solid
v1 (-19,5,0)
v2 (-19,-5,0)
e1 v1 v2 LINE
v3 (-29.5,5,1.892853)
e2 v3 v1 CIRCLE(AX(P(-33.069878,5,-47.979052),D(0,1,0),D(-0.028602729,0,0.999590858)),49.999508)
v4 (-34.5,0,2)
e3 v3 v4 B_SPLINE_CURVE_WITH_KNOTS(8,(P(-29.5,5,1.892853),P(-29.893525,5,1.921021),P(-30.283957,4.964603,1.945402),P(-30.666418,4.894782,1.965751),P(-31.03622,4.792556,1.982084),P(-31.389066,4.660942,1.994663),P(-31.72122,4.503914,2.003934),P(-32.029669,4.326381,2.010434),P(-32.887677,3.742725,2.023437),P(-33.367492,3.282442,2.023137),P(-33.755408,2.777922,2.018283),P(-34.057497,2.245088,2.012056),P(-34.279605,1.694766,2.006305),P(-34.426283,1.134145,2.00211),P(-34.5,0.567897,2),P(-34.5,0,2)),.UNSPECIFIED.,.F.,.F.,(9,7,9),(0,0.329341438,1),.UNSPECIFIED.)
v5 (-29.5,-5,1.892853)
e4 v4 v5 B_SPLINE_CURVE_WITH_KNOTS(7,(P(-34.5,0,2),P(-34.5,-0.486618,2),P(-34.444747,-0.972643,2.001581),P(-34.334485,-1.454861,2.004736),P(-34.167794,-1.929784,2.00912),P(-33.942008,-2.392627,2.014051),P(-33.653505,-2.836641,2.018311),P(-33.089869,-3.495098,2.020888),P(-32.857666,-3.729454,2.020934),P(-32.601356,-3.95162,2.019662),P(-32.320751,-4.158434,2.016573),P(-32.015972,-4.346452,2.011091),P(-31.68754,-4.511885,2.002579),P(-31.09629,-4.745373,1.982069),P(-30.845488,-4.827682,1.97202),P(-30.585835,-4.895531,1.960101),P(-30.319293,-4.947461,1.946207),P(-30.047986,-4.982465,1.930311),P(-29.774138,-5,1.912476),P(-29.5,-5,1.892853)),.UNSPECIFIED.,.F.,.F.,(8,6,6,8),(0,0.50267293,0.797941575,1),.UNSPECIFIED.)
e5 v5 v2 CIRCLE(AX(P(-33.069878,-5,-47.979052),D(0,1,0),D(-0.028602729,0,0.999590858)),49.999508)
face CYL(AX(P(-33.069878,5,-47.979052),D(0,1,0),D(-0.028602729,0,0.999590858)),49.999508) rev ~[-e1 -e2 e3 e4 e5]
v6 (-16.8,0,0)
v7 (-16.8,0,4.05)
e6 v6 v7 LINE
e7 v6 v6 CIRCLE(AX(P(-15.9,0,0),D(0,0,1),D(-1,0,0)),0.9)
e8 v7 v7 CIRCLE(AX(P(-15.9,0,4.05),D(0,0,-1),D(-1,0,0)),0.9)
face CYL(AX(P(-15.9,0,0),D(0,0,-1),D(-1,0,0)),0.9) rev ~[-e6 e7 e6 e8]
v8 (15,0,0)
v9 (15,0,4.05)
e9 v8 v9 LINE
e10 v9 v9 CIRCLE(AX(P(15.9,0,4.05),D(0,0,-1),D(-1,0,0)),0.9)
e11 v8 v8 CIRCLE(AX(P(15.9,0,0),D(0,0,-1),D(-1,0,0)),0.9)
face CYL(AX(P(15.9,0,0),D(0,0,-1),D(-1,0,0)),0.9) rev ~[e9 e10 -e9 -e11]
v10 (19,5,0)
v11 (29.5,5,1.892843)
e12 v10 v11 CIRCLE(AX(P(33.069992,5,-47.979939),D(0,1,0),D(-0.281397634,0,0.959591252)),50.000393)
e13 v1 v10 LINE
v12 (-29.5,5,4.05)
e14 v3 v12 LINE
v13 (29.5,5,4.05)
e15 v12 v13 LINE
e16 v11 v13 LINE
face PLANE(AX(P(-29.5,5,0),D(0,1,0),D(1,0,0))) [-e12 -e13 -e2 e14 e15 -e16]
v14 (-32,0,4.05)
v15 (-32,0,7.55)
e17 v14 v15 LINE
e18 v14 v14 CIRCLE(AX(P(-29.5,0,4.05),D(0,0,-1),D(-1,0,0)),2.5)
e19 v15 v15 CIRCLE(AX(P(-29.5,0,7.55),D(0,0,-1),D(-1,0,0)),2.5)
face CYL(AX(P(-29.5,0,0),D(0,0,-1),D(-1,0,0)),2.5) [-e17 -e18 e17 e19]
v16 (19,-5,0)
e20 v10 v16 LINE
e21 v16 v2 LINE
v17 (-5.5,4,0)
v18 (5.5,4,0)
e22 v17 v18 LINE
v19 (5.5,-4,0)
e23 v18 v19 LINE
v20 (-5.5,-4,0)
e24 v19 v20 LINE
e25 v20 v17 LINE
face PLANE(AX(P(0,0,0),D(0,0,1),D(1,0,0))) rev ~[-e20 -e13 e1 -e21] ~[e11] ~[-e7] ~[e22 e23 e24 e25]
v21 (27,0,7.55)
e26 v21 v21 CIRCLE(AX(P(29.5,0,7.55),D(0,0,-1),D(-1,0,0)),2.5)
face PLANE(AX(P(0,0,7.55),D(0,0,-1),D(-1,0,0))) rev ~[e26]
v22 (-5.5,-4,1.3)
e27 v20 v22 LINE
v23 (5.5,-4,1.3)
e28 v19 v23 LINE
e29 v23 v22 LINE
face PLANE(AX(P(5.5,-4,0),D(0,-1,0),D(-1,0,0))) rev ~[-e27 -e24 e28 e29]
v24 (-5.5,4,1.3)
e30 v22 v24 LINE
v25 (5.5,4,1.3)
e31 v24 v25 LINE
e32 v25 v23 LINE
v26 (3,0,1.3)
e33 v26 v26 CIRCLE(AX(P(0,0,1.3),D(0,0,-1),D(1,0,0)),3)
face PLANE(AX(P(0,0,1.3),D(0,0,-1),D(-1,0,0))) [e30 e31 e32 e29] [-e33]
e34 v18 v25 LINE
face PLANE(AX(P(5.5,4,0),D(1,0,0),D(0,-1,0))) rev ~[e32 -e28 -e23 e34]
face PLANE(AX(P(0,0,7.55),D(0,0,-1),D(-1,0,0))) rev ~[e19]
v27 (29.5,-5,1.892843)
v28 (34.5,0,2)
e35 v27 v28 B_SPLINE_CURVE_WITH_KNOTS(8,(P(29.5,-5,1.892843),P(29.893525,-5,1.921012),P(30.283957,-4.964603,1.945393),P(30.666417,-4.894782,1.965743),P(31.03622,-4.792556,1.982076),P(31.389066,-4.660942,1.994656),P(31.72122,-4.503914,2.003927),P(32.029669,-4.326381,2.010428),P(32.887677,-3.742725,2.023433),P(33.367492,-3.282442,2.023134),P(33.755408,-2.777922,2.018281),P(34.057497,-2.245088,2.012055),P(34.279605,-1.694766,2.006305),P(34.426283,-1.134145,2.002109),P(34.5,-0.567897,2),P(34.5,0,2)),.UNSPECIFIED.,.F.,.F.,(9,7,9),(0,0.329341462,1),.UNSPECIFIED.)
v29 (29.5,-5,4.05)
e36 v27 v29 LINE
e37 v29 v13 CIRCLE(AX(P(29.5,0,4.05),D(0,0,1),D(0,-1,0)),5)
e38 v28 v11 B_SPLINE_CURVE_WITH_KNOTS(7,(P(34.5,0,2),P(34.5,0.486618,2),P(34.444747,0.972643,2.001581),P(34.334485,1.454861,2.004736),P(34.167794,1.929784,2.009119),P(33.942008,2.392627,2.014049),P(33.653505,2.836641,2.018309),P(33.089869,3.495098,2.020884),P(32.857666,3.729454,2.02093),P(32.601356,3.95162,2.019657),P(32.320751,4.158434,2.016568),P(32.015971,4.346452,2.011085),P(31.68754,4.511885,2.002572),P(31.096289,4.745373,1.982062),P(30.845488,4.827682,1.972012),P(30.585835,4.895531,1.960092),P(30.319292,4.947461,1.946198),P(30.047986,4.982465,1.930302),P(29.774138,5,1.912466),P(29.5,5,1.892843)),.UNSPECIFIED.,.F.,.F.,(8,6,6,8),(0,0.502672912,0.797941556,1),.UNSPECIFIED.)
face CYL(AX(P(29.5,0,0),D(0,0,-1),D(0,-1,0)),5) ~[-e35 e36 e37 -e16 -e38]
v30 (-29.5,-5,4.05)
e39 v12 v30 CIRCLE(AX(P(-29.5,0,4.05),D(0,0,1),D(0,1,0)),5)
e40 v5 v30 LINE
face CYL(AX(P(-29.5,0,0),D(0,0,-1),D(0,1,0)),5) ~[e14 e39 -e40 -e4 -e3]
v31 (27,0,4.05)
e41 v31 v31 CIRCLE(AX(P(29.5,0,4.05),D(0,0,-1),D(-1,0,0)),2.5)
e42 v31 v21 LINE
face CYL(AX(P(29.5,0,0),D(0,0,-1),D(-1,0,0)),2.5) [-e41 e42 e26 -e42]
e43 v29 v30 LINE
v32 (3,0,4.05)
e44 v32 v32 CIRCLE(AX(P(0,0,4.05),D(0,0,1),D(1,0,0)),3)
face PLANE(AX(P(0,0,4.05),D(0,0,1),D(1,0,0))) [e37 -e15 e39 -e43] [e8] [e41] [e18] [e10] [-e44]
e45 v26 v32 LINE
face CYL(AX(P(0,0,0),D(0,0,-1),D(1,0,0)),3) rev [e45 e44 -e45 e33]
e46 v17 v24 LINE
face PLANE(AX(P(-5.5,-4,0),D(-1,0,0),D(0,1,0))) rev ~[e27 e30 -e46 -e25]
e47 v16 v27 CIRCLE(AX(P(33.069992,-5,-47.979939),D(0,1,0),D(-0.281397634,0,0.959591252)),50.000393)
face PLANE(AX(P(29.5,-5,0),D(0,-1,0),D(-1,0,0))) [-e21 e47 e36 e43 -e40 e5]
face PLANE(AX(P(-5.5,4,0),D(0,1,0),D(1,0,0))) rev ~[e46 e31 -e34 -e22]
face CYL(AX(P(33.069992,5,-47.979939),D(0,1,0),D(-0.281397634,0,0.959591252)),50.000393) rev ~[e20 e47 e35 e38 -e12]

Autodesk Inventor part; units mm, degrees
ref_plane "YZ Plane" through (0, 0, 0) normal (1, 0, 0) x (0, 1, 0)
ref_plane "XZ Plane" through (0, 0, 0) normal (0, 1, 0) x (-1, 0, 0)
ref_plane "XY Plane" through (0, 0, 0) normal (0, 0, 1) x (1, 0, 0)
sketch "Sketch1" plane through (0, 0, 0) normal (0, 0, 1) x (1, 0, 0)
  circle A0 centre (0, 0) radius 3
  circle A1 centre (0, 0) radius 5 construction
  circle A2 centre (-29.5, 0) radius 2.5
  circle A3 centre (29.5, 0) radius 2.5
  line L0 (-29.5, 0) -> (29.5, 0) construction
  arc A4 (-29.5, 5) -> (-29.5, -5) centre (-29.5, 0) ccw
  arc A5 (29.5, -5) -> (29.5, 5) centre (29.5, 0) ccw
  line L1 (-29.5, 5) -> (29.5, 5)
  line L2 (29.5, -5) -> (-29.5, -5)
  dimension "d0" = 6
  dimension "d1" = 10
  dimension "d2" = 5
  dimension "d3" = 5
  dimension "d4" = 29.5
  dimension "d5" = 29.5
  dimension "d6" = 2.5
  dimension "d7" = 2.5
extrude "Extrusion1" add sketch "Sketch1" along normal blind 4.05
sketch "Sketch2" plane through (0, 0, 0) normal (0, 0, -1) x (-1, 0, 0)
  line L0 (-5.5, -4) -> (5.5, -4)
  line L1 (5.5, -4) -> (5.5, 4)
  line L2 (5.5, 4) -> (-5.5, 4)
  line L3 (-5.5, 4) -> (-5.5, -4)
  line L4 (-5.5, -4) -> (5.5, 4) construction
  line L5 (5.5, -4) -> (-5.5, 4) construction
  line L6 (-29.5, 5) -> (29.5, 5) projected
  point P0 (0, 0)
  dimension "d10" = 8
  dimension "d11" = 11
extrude "Extrusion2" cut sketch "Sketch2" against normal blind 1.3
sketch "Sketch3" plane through (0, 0, 0) normal (0, 0, -1) x (-1, 0, 0)
  circle A0 centre (-29.5, 0) radius 2.5 projected
  circle A1 centre (29.5, 0) radius 2.5 projected
  point P0 (0, 0)
extrude "Extrusion3" add sketch "Sketch3" against normal blind 7.55
sketch "Sketch4" plane through (-29.5, 5, 0) normal (0, 1, 0) x (1, 0, 0)
  line L0 (64, 0) -> (64, -4.05) projected
  line L1 (64, -2) -> (64, 0)
  line L2 (59, 0) -> (64, 0) projected
  line L3 (64, 0) -> (48.5, 0)
  arc A0 (48.5, 0) -> (64, -2) centre (62.5699, 47.9795) ccw
  line L4 (59, 0) -> (0, 0) projected
  line L5 (29.5, 0) -> (29.5, -4.05)
  line L6 (59, -4.05) -> (0, -4.05) projected
  line L7 (-5, -2) -> (-5, 0)
  line L8 (0, 0) -> (-5, 0)
  line L9 (-5, 0) -> (10.5, 0)
  arc A1 (-5, -2) -> (10.5, 0) centre (-3.5699, 47.9795) ccw
  dimension "d16" = 19
  dimension "d17" = 2
  dimension "d18" = 50
extrude "Extrusion4" cut sketch "Sketch4" against normal through all
sketch "Sketch5" plane through (0, 0, 0) normal (0, 0, -1) x (-1, 0, 0)
  circle A0 centre (15.9, 0) radius 0.9
  circle A1 centre (-15.9, 0) radius 0.9
  line L0 (15.9, 0) -> (-15.9, 0)
  point P0 (0, 0)
  dimension "d21" = 1.8
  dimension "d22" = 1.8
  dimension "d24" = 15.9
extrude "Extrusion5" cut sketch "Sketch5" against normal through all
equation "\"d3\" = d2"
equation "\"d5\" = d4"
properties part number "gripper_mechanism1"
